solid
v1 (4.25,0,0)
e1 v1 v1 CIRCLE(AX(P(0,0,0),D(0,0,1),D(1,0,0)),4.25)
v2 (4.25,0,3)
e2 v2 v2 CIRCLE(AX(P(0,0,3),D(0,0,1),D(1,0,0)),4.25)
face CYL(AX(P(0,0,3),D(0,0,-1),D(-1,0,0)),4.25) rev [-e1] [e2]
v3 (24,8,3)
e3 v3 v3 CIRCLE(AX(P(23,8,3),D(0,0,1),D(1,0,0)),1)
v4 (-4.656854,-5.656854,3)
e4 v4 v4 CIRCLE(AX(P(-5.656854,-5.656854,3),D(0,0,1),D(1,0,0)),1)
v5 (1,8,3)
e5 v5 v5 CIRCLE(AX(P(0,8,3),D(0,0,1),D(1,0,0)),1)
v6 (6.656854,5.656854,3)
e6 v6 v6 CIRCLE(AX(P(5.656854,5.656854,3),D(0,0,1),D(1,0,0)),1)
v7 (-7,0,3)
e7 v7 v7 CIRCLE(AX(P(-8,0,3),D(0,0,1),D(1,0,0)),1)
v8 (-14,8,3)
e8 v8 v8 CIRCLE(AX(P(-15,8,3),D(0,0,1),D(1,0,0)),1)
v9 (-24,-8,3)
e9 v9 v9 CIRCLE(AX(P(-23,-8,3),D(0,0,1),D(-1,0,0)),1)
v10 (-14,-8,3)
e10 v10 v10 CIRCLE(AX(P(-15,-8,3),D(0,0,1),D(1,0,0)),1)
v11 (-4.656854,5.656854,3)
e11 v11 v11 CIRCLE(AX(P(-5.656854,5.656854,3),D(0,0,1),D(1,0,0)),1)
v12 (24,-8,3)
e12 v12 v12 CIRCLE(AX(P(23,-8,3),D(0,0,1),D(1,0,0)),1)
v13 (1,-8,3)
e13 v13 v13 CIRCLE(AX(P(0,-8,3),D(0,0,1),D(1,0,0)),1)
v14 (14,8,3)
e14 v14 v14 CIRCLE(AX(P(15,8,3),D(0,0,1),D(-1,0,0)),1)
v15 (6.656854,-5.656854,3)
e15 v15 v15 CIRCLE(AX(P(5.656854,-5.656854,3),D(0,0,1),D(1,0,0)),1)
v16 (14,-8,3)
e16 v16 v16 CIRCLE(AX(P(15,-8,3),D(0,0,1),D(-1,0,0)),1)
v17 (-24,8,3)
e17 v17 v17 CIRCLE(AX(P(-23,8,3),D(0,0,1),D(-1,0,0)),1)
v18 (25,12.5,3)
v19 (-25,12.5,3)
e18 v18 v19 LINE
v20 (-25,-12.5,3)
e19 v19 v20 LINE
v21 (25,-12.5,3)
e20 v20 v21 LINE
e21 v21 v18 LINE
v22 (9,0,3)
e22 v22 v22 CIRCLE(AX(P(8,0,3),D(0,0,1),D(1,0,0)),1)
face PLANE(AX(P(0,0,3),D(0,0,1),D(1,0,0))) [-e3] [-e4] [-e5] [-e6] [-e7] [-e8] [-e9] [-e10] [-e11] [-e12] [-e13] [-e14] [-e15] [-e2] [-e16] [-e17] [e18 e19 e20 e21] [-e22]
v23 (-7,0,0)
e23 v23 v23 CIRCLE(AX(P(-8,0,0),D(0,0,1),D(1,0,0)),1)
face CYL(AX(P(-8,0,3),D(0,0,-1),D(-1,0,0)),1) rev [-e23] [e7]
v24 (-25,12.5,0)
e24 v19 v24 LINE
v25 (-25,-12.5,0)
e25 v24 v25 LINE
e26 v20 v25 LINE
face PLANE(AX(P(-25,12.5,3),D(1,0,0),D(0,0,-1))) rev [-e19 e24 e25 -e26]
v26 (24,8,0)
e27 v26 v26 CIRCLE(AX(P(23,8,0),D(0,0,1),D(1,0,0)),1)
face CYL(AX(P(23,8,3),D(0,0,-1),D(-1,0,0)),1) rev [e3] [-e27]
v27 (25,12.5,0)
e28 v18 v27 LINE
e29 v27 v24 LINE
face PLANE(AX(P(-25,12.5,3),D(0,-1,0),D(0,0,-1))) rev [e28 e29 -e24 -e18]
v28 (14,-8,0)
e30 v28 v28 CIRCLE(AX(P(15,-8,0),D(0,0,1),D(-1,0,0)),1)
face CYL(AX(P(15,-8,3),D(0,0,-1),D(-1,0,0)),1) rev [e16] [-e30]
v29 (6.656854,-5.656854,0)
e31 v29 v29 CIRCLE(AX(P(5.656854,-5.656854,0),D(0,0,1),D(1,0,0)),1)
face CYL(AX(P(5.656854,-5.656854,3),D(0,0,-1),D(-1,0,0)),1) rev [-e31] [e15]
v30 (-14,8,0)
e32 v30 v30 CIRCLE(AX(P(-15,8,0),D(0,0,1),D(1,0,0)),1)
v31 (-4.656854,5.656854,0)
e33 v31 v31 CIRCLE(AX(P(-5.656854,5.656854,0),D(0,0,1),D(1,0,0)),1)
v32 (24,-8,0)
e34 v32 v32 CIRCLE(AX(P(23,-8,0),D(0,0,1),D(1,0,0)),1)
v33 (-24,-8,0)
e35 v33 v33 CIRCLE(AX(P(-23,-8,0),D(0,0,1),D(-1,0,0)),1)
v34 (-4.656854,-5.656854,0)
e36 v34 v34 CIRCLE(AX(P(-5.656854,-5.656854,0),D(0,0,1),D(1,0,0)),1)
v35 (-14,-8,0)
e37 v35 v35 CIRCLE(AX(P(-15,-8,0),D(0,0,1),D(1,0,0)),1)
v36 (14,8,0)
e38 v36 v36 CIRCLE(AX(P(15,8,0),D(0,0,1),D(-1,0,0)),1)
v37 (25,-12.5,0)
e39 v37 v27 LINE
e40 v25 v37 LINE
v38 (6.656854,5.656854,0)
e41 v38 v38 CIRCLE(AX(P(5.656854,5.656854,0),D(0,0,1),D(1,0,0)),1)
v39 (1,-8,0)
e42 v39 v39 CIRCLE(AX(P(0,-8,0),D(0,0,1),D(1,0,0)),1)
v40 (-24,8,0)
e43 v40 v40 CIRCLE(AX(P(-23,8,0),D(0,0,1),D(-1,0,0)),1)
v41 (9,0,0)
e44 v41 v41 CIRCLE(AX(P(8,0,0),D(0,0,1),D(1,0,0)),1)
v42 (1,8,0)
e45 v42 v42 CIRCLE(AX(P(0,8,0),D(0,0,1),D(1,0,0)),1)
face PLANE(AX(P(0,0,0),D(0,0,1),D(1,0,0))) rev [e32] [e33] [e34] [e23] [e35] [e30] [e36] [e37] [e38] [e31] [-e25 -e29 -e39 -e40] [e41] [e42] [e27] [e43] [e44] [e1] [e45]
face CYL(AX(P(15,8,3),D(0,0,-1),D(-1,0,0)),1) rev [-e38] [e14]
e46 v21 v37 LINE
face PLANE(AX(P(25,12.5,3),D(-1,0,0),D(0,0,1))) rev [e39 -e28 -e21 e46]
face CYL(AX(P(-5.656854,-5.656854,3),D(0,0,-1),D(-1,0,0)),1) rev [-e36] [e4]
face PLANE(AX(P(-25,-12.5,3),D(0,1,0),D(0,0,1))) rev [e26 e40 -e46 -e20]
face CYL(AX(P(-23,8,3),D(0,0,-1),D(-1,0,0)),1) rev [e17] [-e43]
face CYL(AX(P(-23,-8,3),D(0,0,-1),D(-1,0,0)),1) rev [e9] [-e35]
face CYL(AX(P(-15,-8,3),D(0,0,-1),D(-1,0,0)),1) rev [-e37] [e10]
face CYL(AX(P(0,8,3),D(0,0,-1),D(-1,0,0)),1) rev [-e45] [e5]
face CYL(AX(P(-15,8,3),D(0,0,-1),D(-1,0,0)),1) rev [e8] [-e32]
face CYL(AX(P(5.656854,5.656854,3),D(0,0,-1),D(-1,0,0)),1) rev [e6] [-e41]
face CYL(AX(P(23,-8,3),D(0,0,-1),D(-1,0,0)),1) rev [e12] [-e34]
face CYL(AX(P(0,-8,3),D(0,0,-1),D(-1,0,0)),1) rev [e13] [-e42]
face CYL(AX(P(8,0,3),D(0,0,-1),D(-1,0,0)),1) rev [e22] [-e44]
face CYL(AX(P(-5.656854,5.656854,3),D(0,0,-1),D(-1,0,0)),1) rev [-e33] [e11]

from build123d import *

# Parameters (mm, degrees)
ESBO_O1_W                = 50
ESBO_O1_H                = 25
ESBO_O1_R                = 4.25
ESBO_O1_R_2              = 1
RESSALTO_EXTRUS_O1_DEPTH = 3


with BuildPart() as part:
    # Esboço1 → Ressalto-extrusão1 (new body)
    with BuildSketch(Plane.XY):
        Rectangle(ESBO_O1_W, ESBO_O1_H)
        Circle(ESBO_O1_R, mode=Mode.SUBTRACT)
        with Locations((0, 8)):
            Circle(ESBO_O1_R_2, mode=Mode.SUBTRACT)
        with Locations((5.656854249, 5.656854249)):
            Circle(ESBO_O1_R_2, mode=Mode.SUBTRACT)
        with Locations((8, 0)):
            Circle(ESBO_O1_R_2, mode=Mode.SUBTRACT)
        with Locations((5.656854249, -5.656854249)):
            Circle(ESBO_O1_R_2, mode=Mode.SUBTRACT)
        with Locations((0, -8)):
            Circle(ESBO_O1_R_2, mode=Mode.SUBTRACT)
        with Locations((-5.656854249, -5.656854249)):
            Circle(ESBO_O1_R_2, mode=Mode.SUBTRACT)
        with Locations((-8, 0)):
            Circle(ESBO_O1_R_2, mode=Mode.SUBTRACT)
        with Locations((-5.656854249, 5.656854249)):
            Circle(ESBO_O1_R_2, mode=Mode.SUBTRACT)
        with Locations((-15, 8)):
            Circle(ESBO_O1_R_2, mode=Mode.SUBTRACT)
        with Locations((-15, -8)):
            Circle(ESBO_O1_R_2, mode=Mode.SUBTRACT)
        with Locations(Location((15, -8, 0), (0, 0, 180))):
            Circle(ESBO_O1_R_2, mode=Mode.SUBTRACT)
        with Locations(Location((15, 8, 0), (0, 0, 180))):
            Circle(ESBO_O1_R_2, mode=Mode.SUBTRACT)
        with Locations((23, 8)):
            Circle(ESBO_O1_R_2, mode=Mode.SUBTRACT)
        with Locations((23, -8)):
            Circle(ESBO_O1_R_2, mode=Mode.SUBTRACT)
        with Locations(Location((-23, -8, 0), (0, 0, 180))):
            Circle(ESBO_O1_R_2, mode=Mode.SUBTRACT)
        with Locations(Location((-23, 8, 0), (0, 0, 180))):
            Circle(ESBO_O1_R_2, mode=Mode.SUBTRACT)
    extrude(amount=RESSALTO_EXTRUS_O1_DEPTH)


solid = part.part
